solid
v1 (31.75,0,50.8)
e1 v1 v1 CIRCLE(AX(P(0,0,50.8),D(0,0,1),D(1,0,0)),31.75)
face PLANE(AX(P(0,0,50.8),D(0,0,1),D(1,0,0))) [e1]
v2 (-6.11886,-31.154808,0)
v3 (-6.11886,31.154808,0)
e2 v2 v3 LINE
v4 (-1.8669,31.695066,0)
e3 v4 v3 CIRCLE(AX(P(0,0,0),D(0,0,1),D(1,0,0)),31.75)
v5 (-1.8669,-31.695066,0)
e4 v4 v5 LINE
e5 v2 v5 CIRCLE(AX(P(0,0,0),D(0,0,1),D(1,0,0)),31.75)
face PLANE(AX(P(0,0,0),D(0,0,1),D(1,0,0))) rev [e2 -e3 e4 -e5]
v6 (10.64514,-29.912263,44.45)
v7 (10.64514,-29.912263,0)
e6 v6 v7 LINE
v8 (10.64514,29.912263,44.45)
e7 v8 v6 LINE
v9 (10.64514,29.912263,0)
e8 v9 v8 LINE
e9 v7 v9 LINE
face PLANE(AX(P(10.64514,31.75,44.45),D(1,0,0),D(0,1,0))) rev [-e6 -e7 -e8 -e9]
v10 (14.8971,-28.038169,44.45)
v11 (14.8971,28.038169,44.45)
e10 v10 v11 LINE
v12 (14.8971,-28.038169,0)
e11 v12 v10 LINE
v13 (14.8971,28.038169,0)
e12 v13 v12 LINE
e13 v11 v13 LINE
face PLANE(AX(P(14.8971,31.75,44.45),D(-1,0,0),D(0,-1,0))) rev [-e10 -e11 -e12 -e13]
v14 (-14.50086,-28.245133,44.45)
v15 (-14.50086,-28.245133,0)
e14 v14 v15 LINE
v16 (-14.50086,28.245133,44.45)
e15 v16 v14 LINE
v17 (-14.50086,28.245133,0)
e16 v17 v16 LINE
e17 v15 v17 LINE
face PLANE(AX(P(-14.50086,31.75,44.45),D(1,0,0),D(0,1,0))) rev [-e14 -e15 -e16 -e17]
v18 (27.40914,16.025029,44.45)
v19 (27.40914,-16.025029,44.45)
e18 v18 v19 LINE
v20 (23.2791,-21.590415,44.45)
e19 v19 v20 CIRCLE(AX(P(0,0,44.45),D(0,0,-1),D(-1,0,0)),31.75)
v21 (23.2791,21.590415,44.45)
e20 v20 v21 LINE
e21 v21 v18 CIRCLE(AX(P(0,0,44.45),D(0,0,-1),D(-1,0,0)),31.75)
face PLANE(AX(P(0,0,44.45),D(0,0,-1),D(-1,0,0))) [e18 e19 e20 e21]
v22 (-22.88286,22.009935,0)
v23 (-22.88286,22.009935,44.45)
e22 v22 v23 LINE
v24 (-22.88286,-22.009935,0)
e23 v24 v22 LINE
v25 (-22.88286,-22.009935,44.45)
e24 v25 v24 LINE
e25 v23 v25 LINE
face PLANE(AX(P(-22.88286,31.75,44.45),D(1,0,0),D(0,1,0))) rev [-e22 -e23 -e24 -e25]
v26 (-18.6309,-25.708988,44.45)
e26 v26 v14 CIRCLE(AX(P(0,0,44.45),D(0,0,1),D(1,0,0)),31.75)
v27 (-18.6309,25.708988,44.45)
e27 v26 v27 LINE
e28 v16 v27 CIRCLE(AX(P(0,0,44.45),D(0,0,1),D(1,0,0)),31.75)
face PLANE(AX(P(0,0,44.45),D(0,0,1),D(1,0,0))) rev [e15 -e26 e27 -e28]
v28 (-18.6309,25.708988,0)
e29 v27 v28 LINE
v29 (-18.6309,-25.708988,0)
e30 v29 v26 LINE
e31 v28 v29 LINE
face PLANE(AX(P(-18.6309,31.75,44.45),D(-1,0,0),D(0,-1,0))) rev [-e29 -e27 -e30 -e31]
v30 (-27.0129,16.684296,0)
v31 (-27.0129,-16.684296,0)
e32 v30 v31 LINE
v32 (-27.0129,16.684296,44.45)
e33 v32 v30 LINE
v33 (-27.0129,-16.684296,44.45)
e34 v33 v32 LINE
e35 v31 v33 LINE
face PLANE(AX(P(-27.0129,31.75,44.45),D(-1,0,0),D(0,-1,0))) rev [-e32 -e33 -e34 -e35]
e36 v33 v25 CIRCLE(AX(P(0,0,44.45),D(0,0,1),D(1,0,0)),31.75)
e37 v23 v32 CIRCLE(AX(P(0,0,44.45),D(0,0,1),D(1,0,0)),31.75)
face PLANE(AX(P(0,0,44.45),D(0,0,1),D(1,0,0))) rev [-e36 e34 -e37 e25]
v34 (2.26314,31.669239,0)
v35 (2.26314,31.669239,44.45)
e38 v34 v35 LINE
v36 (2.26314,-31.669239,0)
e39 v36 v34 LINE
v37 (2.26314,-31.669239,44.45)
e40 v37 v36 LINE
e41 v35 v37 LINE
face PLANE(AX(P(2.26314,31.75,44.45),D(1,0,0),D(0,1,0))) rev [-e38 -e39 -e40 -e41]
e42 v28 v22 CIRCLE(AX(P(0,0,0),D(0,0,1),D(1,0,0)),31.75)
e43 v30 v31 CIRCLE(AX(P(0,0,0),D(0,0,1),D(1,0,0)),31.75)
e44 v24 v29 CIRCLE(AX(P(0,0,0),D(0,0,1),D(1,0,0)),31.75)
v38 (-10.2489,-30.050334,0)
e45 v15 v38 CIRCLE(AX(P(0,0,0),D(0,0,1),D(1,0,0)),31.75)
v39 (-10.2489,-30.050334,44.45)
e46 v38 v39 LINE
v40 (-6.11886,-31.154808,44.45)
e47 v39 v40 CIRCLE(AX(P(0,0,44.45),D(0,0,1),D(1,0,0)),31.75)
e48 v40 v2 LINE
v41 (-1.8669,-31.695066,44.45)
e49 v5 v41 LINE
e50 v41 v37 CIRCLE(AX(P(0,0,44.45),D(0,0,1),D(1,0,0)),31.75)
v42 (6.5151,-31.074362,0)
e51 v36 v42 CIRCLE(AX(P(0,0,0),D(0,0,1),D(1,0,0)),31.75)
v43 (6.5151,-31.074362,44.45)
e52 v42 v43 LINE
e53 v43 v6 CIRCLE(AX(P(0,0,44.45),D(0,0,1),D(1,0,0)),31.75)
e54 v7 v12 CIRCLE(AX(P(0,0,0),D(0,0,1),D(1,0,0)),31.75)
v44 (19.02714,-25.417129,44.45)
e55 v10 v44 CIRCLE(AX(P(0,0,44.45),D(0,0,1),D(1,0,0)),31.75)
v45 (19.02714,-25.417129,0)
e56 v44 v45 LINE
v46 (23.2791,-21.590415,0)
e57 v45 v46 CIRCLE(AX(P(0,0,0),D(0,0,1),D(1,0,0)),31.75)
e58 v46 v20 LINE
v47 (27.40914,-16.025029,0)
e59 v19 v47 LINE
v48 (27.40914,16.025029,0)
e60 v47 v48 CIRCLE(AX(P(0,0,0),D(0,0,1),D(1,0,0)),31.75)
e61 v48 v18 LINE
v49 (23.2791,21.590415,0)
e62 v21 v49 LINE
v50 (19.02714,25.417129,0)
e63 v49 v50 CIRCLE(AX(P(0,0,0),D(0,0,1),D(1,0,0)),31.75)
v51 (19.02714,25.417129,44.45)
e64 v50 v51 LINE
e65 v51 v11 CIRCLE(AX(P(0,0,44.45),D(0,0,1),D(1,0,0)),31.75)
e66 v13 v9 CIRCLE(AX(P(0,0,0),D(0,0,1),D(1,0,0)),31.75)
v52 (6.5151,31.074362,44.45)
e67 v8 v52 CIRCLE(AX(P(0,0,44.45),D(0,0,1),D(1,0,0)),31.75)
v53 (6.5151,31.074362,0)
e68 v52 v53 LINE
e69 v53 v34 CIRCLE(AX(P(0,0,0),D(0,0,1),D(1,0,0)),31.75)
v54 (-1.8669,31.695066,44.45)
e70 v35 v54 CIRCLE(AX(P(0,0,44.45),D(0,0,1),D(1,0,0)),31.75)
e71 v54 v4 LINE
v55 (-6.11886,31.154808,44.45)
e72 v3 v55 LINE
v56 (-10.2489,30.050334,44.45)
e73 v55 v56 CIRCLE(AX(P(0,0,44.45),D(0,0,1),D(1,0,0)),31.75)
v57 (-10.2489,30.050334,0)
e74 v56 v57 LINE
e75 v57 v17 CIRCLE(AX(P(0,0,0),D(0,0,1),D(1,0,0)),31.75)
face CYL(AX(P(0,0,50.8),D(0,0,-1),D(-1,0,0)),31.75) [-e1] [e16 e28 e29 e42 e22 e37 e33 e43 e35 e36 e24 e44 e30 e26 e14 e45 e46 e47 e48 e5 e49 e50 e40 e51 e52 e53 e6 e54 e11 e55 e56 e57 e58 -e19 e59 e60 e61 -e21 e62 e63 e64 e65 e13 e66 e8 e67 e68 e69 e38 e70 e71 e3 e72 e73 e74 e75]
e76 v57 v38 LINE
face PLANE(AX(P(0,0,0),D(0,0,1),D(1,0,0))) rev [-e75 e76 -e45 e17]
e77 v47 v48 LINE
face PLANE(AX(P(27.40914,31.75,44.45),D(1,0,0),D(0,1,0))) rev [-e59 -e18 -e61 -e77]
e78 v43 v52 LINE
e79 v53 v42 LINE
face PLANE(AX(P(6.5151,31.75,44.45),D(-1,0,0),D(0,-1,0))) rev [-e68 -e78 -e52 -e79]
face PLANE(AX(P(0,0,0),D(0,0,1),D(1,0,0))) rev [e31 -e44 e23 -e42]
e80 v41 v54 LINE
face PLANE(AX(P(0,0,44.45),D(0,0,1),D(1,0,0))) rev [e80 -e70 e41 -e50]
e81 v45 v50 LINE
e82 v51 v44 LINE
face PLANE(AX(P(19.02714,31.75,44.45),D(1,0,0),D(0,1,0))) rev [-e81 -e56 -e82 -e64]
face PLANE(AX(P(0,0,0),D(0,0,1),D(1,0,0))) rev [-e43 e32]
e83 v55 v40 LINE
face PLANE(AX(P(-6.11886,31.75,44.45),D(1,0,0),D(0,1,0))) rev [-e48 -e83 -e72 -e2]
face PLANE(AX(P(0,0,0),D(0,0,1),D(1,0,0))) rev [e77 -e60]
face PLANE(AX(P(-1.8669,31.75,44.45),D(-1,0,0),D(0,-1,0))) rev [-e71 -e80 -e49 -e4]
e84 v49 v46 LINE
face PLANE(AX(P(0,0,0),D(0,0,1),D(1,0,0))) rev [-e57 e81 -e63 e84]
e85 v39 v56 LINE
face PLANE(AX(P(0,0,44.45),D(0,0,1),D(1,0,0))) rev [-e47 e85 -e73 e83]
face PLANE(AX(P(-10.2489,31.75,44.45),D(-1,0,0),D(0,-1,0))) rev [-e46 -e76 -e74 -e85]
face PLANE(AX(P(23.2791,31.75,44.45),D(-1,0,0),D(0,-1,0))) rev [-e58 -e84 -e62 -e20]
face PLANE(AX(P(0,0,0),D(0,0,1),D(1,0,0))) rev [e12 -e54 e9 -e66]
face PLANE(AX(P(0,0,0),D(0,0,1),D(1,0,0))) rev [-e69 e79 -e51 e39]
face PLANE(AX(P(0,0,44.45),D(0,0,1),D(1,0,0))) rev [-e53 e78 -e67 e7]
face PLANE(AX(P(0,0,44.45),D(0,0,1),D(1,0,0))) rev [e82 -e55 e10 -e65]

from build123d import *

# Parameters (mm, degrees)
ESQUISSE1_R             = 31.75
BOSS_EXTRU_1_DEPTH      = 50.8
ESQUISSE3_W             = 4.13004
ESQUISSE3_H             = 63.5
ENL_V_MAT_EXTRU_1_DEPTH = 44.45


with BuildPart() as part:
    # Esquisse1 → Boss.-Extru.1 (new body)
    with BuildSketch(Plane.XY):
        Circle(ESQUISSE1_R)
    extrude(amount=BOSS_EXTRU_1_DEPTH)

    # Esquisse3 → Enlèv. mat.-Extru.1 (cut)
    with BuildSketch(Plane(origin=(0, 0, 0), x_dir=(-1, 0, 0), z_dir=(0, 0, -1))):
        with Locations((-16.96212, 0)):
            Rectangle(ESQUISSE3_W, ESQUISSE3_H)
        with Locations((-25.34412, 0)):
            Rectangle(ESQUISSE3_W, ESQUISSE3_H)
        with Locations((-8.58012, 0)):
            Rectangle(ESQUISSE3_W, ESQUISSE3_H)
        with Locations((-0.19812, 0)):
            Rectangle(ESQUISSE3_W, ESQUISSE3_H)
        with Locations((8.18388, 0)):
            Rectangle(ESQUISSE3_W, ESQUISSE3_H)
        with Locations((16.56588, 0)):
            Rectangle(ESQUISSE3_W, ESQUISSE3_H)
        with Locations((24.94788, 0)):
            Rectangle(ESQUISSE3_W, ESQUISSE3_H)
    extrude(amount=-ENL_V_MAT_EXTRU_1_DEPTH, mode=Mode.SUBTRACT)


solid = part.part
